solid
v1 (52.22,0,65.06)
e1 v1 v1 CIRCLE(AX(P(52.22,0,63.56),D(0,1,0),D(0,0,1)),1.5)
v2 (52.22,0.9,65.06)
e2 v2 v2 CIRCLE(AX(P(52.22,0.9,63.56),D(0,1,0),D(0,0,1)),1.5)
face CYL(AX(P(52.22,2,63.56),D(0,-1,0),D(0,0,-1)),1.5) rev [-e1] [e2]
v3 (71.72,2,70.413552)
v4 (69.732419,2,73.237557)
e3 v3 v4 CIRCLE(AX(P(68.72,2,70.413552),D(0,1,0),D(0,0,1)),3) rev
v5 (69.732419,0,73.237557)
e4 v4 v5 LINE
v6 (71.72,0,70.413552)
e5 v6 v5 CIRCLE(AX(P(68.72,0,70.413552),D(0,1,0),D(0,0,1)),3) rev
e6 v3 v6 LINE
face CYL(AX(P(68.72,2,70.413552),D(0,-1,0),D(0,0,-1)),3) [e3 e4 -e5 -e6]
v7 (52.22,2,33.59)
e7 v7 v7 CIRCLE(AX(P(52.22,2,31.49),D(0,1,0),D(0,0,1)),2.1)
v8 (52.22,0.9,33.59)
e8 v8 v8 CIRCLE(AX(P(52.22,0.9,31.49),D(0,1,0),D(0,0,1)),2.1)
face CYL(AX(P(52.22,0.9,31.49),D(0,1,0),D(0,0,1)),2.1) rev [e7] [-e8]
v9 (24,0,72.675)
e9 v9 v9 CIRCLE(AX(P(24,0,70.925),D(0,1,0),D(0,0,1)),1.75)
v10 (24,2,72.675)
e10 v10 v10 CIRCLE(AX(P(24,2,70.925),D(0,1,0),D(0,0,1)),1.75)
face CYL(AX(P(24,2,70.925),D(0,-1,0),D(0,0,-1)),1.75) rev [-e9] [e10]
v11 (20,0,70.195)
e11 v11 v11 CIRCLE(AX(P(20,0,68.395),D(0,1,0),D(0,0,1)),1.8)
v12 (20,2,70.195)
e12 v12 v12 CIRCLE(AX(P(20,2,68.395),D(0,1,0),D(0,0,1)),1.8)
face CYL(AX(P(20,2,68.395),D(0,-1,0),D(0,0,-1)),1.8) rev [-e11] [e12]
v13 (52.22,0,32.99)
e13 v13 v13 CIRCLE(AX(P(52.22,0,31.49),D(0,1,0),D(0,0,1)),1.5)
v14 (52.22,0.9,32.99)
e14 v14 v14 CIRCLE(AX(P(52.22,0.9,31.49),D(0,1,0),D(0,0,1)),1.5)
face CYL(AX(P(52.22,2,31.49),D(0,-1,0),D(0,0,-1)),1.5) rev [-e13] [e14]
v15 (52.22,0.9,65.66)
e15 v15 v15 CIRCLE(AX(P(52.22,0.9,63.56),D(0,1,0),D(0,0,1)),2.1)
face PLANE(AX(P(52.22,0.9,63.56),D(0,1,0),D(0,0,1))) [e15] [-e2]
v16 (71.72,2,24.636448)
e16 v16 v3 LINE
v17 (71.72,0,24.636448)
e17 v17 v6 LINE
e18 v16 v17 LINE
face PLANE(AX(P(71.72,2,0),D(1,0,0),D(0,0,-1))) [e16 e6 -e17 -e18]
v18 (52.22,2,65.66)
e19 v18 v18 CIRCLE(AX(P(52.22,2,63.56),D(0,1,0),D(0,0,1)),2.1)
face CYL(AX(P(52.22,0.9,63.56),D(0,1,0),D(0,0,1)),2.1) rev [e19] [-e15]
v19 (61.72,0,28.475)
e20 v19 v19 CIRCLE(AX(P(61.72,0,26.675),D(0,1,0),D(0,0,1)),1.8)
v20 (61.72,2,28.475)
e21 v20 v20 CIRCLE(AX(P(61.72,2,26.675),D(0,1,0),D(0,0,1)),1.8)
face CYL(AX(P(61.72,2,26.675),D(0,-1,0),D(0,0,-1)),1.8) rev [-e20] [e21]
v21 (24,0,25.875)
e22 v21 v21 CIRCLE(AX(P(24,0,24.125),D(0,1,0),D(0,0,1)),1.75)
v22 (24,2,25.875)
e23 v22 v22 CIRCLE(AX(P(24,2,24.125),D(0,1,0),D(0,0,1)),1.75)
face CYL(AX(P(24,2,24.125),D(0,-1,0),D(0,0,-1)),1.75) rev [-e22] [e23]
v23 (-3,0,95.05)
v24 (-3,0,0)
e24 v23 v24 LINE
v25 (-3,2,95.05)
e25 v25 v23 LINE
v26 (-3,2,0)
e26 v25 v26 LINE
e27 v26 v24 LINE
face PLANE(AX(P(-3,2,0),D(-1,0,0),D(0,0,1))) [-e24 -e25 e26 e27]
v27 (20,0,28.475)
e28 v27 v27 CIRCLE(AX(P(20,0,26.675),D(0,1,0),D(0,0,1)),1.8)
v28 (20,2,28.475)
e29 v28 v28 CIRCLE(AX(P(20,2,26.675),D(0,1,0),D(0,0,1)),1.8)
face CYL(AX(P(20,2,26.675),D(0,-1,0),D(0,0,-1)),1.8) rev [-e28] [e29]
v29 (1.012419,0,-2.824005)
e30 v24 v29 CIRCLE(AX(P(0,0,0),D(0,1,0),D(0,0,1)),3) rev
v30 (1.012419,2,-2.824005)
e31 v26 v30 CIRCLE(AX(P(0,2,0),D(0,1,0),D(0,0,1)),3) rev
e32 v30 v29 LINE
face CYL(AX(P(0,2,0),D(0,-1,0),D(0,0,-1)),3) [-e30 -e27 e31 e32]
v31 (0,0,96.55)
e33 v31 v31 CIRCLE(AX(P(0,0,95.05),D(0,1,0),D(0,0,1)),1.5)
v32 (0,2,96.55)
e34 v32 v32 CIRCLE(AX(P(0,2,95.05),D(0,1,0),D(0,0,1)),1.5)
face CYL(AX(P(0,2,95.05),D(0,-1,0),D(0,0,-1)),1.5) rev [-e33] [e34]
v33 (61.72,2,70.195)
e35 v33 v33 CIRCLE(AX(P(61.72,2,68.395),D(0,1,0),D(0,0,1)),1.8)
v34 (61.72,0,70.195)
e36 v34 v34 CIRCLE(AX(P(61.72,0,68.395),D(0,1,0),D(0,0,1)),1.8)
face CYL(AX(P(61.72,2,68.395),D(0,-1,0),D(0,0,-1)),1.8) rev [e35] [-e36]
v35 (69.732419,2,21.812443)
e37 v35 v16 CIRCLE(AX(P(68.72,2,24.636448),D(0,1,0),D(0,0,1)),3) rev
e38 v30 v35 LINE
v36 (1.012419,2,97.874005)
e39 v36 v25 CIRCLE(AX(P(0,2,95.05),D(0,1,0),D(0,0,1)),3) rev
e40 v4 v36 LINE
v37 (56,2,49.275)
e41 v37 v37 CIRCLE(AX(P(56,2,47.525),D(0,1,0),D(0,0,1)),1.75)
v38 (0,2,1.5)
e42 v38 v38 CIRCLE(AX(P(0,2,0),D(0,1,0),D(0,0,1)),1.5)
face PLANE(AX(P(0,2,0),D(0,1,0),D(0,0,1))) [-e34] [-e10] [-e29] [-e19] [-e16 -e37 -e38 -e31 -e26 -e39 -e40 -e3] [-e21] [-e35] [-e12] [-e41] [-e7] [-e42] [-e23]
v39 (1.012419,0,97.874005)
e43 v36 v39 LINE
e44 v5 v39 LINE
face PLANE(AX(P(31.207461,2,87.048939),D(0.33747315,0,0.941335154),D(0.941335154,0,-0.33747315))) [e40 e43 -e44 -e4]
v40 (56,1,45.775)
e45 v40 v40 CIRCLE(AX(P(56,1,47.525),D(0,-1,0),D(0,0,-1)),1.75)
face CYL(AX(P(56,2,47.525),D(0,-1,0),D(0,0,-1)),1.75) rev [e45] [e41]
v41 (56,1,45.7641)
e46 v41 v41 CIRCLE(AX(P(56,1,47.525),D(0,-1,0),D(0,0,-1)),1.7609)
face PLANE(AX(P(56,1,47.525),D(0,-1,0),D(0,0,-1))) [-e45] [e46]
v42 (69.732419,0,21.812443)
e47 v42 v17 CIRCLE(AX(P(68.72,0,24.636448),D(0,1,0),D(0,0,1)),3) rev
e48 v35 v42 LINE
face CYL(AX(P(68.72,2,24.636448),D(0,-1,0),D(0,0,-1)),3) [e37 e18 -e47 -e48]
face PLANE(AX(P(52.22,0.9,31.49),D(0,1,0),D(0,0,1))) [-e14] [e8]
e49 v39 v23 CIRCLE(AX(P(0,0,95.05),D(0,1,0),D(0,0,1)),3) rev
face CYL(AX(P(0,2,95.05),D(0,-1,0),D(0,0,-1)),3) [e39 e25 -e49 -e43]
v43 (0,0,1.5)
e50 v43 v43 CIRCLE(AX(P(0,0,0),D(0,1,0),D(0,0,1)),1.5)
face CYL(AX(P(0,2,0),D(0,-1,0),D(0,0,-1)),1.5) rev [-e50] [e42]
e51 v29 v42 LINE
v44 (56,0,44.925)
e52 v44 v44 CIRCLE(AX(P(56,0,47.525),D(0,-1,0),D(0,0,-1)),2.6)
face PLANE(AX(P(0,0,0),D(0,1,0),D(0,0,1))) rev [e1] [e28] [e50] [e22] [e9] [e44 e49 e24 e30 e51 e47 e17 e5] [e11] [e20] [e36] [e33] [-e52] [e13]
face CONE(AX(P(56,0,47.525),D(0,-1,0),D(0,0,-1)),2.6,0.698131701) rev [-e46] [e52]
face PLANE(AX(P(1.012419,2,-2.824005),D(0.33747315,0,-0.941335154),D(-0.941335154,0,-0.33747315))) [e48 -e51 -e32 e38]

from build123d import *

# Parameters (mm, degrees)
CROQUIS1_R              = 1.8
CROQUIS1_R_2            = 1.5
CROQUIS1_R_3            = 1.75
SALIENTE_EXTRUIR1_DEPTH = 2
CROQUIS2_R              = 2.6
CORTAR_EXTRUIR1_DEPTH   = 1
CORTAR_EXTRUIR1_DRAFT   = -40
CROQUIS3_R              = 2.1
CORTAR_EXTRUIR2_DEPTH   = 1.1


with BuildPart() as part:
    # Croquis1 → Saliente-Extruir1 (new body)
    with BuildSketch(Plane(origin=(0, 0, 0), x_dir=(1, 0, 0), z_dir=(0, 1, 0))):
        with BuildLine():
            Line((1.012419451, 2.824005463), (69.732419451, -21.812442877))
            ThreePointArc((69.732419451, -21.812442877), (71.173289461, -22.909783687), (71.72, -24.63644834))
            Line((71.72, -24.63644834), (71.72, -70.41355166))
            ThreePointArc((71.72, -70.41355166), (71.173289461, -72.140216313), (69.732419451, -73.237557123))
            Line((69.732419451, -73.237557123), (1.012419451, -97.874005463))
            ThreePointArc((1.012419451, -97.874005463), (-1.726664653, -97.503289461), (-3, -95.05))
            Line((-3, -95.05), (-3, 0))
            ThreePointArc((-3, 0), (-1.726664653, 2.453289461), (1.012419451, 2.824005463))
        make_face()
        with Locations(Location((20, -26.675, 0), (0, 0, 270))):
            Circle(CROQUIS1_R, mode=Mode.SUBTRACT)
        with Locations(Location((20, -68.395, 0), (0, 0, 270))):
            Circle(CROQUIS1_R, mode=Mode.SUBTRACT)
        with Locations(Location((61.72, -26.675, 0), (0, 0, 270))):
            Circle(CROQUIS1_R, mode=Mode.SUBTRACT)
        with Locations(Location((61.72, -68.395, 0), (0, 0, 270))):
            Circle(CROQUIS1_R, mode=Mode.SUBTRACT)
        with Locations(Location((0, 0, 0), (0, 0, 270))):
            Circle(CROQUIS1_R_2, mode=Mode.SUBTRACT)
        with Locations(Location((0, -95.05, 0), (0, 0, 270))):
            Circle(CROQUIS1_R_2, mode=Mode.SUBTRACT)
        with Locations(Location((52.22, -31.49, 0), (0, 0, 270))):
            Circle(CROQUIS1_R_2, mode=Mode.SUBTRACT)
        with Locations(Location((52.22, -63.56, 0), (0, 0, 270))):
            Circle(CROQUIS1_R_2, mode=Mode.SUBTRACT)
        with Locations(Location((24, -70.925, 0), (0, 0, 270))):
            Circle(CROQUIS1_R_3, mode=Mode.SUBTRACT)
        with Locations(Location((24, -24.125, 0), (0, 0, 270))):
            Circle(CROQUIS1_R_3, mode=Mode.SUBTRACT)
        with Locations(Location((56, -47.525, 0), (0, 0, 270))):
            Circle(CROQUIS1_R_3, mode=Mode.SUBTRACT)
    extrude(amount=SALIENTE_EXTRUIR1_DEPTH)


with BuildPart() as cortar_extruir1_tool:
    # Croquis2 → Cortar-Extruir1 (with draft: the straight prism first)
    with BuildSketch(Plane.XZ):
        with Locations((56, 47.525)):
            Circle(CROQUIS2_R)
    extrude(amount=-CORTAR_EXTRUIR1_DEPTH)
    # Cortar-Extruir1: the draft: its side faces are tilted about the plane it starts from
    cortar_extruir1_sides = [cortar_extruir1_tool.faces().sort_by_distance(p)[0] for p in [
        (53.4, 0.5, 47.525),
    ]]
    draft(cortar_extruir1_sides, Plane.XZ, CORTAR_EXTRUIR1_DRAFT)


with BuildPart() as part_1:
    add(part.part)

    # Cortar-Extruir1: cut by cortar_extruir1_tool
    add(cortar_extruir1_tool.part, mode=Mode.SUBTRACT)

    # Croquis3 → Cortar-Extruir2 (cut)
    with BuildSketch(Plane(origin=(0, 2, 0), x_dir=(1, 0, 0), z_dir=(0, 1, 0))):
        with Locations(Location((52.22, -31.49, 0), (0, 0, 270))):
            Circle(CROQUIS3_R)
        with Locations(Location((52.22, -63.56, 0), (0, 0, 270))):
            Circle(CROQUIS3_R)
    extrude(amount=-CORTAR_EXTRUIR2_DEPTH, mode=Mode.SUBTRACT)


solid = part_1.part
